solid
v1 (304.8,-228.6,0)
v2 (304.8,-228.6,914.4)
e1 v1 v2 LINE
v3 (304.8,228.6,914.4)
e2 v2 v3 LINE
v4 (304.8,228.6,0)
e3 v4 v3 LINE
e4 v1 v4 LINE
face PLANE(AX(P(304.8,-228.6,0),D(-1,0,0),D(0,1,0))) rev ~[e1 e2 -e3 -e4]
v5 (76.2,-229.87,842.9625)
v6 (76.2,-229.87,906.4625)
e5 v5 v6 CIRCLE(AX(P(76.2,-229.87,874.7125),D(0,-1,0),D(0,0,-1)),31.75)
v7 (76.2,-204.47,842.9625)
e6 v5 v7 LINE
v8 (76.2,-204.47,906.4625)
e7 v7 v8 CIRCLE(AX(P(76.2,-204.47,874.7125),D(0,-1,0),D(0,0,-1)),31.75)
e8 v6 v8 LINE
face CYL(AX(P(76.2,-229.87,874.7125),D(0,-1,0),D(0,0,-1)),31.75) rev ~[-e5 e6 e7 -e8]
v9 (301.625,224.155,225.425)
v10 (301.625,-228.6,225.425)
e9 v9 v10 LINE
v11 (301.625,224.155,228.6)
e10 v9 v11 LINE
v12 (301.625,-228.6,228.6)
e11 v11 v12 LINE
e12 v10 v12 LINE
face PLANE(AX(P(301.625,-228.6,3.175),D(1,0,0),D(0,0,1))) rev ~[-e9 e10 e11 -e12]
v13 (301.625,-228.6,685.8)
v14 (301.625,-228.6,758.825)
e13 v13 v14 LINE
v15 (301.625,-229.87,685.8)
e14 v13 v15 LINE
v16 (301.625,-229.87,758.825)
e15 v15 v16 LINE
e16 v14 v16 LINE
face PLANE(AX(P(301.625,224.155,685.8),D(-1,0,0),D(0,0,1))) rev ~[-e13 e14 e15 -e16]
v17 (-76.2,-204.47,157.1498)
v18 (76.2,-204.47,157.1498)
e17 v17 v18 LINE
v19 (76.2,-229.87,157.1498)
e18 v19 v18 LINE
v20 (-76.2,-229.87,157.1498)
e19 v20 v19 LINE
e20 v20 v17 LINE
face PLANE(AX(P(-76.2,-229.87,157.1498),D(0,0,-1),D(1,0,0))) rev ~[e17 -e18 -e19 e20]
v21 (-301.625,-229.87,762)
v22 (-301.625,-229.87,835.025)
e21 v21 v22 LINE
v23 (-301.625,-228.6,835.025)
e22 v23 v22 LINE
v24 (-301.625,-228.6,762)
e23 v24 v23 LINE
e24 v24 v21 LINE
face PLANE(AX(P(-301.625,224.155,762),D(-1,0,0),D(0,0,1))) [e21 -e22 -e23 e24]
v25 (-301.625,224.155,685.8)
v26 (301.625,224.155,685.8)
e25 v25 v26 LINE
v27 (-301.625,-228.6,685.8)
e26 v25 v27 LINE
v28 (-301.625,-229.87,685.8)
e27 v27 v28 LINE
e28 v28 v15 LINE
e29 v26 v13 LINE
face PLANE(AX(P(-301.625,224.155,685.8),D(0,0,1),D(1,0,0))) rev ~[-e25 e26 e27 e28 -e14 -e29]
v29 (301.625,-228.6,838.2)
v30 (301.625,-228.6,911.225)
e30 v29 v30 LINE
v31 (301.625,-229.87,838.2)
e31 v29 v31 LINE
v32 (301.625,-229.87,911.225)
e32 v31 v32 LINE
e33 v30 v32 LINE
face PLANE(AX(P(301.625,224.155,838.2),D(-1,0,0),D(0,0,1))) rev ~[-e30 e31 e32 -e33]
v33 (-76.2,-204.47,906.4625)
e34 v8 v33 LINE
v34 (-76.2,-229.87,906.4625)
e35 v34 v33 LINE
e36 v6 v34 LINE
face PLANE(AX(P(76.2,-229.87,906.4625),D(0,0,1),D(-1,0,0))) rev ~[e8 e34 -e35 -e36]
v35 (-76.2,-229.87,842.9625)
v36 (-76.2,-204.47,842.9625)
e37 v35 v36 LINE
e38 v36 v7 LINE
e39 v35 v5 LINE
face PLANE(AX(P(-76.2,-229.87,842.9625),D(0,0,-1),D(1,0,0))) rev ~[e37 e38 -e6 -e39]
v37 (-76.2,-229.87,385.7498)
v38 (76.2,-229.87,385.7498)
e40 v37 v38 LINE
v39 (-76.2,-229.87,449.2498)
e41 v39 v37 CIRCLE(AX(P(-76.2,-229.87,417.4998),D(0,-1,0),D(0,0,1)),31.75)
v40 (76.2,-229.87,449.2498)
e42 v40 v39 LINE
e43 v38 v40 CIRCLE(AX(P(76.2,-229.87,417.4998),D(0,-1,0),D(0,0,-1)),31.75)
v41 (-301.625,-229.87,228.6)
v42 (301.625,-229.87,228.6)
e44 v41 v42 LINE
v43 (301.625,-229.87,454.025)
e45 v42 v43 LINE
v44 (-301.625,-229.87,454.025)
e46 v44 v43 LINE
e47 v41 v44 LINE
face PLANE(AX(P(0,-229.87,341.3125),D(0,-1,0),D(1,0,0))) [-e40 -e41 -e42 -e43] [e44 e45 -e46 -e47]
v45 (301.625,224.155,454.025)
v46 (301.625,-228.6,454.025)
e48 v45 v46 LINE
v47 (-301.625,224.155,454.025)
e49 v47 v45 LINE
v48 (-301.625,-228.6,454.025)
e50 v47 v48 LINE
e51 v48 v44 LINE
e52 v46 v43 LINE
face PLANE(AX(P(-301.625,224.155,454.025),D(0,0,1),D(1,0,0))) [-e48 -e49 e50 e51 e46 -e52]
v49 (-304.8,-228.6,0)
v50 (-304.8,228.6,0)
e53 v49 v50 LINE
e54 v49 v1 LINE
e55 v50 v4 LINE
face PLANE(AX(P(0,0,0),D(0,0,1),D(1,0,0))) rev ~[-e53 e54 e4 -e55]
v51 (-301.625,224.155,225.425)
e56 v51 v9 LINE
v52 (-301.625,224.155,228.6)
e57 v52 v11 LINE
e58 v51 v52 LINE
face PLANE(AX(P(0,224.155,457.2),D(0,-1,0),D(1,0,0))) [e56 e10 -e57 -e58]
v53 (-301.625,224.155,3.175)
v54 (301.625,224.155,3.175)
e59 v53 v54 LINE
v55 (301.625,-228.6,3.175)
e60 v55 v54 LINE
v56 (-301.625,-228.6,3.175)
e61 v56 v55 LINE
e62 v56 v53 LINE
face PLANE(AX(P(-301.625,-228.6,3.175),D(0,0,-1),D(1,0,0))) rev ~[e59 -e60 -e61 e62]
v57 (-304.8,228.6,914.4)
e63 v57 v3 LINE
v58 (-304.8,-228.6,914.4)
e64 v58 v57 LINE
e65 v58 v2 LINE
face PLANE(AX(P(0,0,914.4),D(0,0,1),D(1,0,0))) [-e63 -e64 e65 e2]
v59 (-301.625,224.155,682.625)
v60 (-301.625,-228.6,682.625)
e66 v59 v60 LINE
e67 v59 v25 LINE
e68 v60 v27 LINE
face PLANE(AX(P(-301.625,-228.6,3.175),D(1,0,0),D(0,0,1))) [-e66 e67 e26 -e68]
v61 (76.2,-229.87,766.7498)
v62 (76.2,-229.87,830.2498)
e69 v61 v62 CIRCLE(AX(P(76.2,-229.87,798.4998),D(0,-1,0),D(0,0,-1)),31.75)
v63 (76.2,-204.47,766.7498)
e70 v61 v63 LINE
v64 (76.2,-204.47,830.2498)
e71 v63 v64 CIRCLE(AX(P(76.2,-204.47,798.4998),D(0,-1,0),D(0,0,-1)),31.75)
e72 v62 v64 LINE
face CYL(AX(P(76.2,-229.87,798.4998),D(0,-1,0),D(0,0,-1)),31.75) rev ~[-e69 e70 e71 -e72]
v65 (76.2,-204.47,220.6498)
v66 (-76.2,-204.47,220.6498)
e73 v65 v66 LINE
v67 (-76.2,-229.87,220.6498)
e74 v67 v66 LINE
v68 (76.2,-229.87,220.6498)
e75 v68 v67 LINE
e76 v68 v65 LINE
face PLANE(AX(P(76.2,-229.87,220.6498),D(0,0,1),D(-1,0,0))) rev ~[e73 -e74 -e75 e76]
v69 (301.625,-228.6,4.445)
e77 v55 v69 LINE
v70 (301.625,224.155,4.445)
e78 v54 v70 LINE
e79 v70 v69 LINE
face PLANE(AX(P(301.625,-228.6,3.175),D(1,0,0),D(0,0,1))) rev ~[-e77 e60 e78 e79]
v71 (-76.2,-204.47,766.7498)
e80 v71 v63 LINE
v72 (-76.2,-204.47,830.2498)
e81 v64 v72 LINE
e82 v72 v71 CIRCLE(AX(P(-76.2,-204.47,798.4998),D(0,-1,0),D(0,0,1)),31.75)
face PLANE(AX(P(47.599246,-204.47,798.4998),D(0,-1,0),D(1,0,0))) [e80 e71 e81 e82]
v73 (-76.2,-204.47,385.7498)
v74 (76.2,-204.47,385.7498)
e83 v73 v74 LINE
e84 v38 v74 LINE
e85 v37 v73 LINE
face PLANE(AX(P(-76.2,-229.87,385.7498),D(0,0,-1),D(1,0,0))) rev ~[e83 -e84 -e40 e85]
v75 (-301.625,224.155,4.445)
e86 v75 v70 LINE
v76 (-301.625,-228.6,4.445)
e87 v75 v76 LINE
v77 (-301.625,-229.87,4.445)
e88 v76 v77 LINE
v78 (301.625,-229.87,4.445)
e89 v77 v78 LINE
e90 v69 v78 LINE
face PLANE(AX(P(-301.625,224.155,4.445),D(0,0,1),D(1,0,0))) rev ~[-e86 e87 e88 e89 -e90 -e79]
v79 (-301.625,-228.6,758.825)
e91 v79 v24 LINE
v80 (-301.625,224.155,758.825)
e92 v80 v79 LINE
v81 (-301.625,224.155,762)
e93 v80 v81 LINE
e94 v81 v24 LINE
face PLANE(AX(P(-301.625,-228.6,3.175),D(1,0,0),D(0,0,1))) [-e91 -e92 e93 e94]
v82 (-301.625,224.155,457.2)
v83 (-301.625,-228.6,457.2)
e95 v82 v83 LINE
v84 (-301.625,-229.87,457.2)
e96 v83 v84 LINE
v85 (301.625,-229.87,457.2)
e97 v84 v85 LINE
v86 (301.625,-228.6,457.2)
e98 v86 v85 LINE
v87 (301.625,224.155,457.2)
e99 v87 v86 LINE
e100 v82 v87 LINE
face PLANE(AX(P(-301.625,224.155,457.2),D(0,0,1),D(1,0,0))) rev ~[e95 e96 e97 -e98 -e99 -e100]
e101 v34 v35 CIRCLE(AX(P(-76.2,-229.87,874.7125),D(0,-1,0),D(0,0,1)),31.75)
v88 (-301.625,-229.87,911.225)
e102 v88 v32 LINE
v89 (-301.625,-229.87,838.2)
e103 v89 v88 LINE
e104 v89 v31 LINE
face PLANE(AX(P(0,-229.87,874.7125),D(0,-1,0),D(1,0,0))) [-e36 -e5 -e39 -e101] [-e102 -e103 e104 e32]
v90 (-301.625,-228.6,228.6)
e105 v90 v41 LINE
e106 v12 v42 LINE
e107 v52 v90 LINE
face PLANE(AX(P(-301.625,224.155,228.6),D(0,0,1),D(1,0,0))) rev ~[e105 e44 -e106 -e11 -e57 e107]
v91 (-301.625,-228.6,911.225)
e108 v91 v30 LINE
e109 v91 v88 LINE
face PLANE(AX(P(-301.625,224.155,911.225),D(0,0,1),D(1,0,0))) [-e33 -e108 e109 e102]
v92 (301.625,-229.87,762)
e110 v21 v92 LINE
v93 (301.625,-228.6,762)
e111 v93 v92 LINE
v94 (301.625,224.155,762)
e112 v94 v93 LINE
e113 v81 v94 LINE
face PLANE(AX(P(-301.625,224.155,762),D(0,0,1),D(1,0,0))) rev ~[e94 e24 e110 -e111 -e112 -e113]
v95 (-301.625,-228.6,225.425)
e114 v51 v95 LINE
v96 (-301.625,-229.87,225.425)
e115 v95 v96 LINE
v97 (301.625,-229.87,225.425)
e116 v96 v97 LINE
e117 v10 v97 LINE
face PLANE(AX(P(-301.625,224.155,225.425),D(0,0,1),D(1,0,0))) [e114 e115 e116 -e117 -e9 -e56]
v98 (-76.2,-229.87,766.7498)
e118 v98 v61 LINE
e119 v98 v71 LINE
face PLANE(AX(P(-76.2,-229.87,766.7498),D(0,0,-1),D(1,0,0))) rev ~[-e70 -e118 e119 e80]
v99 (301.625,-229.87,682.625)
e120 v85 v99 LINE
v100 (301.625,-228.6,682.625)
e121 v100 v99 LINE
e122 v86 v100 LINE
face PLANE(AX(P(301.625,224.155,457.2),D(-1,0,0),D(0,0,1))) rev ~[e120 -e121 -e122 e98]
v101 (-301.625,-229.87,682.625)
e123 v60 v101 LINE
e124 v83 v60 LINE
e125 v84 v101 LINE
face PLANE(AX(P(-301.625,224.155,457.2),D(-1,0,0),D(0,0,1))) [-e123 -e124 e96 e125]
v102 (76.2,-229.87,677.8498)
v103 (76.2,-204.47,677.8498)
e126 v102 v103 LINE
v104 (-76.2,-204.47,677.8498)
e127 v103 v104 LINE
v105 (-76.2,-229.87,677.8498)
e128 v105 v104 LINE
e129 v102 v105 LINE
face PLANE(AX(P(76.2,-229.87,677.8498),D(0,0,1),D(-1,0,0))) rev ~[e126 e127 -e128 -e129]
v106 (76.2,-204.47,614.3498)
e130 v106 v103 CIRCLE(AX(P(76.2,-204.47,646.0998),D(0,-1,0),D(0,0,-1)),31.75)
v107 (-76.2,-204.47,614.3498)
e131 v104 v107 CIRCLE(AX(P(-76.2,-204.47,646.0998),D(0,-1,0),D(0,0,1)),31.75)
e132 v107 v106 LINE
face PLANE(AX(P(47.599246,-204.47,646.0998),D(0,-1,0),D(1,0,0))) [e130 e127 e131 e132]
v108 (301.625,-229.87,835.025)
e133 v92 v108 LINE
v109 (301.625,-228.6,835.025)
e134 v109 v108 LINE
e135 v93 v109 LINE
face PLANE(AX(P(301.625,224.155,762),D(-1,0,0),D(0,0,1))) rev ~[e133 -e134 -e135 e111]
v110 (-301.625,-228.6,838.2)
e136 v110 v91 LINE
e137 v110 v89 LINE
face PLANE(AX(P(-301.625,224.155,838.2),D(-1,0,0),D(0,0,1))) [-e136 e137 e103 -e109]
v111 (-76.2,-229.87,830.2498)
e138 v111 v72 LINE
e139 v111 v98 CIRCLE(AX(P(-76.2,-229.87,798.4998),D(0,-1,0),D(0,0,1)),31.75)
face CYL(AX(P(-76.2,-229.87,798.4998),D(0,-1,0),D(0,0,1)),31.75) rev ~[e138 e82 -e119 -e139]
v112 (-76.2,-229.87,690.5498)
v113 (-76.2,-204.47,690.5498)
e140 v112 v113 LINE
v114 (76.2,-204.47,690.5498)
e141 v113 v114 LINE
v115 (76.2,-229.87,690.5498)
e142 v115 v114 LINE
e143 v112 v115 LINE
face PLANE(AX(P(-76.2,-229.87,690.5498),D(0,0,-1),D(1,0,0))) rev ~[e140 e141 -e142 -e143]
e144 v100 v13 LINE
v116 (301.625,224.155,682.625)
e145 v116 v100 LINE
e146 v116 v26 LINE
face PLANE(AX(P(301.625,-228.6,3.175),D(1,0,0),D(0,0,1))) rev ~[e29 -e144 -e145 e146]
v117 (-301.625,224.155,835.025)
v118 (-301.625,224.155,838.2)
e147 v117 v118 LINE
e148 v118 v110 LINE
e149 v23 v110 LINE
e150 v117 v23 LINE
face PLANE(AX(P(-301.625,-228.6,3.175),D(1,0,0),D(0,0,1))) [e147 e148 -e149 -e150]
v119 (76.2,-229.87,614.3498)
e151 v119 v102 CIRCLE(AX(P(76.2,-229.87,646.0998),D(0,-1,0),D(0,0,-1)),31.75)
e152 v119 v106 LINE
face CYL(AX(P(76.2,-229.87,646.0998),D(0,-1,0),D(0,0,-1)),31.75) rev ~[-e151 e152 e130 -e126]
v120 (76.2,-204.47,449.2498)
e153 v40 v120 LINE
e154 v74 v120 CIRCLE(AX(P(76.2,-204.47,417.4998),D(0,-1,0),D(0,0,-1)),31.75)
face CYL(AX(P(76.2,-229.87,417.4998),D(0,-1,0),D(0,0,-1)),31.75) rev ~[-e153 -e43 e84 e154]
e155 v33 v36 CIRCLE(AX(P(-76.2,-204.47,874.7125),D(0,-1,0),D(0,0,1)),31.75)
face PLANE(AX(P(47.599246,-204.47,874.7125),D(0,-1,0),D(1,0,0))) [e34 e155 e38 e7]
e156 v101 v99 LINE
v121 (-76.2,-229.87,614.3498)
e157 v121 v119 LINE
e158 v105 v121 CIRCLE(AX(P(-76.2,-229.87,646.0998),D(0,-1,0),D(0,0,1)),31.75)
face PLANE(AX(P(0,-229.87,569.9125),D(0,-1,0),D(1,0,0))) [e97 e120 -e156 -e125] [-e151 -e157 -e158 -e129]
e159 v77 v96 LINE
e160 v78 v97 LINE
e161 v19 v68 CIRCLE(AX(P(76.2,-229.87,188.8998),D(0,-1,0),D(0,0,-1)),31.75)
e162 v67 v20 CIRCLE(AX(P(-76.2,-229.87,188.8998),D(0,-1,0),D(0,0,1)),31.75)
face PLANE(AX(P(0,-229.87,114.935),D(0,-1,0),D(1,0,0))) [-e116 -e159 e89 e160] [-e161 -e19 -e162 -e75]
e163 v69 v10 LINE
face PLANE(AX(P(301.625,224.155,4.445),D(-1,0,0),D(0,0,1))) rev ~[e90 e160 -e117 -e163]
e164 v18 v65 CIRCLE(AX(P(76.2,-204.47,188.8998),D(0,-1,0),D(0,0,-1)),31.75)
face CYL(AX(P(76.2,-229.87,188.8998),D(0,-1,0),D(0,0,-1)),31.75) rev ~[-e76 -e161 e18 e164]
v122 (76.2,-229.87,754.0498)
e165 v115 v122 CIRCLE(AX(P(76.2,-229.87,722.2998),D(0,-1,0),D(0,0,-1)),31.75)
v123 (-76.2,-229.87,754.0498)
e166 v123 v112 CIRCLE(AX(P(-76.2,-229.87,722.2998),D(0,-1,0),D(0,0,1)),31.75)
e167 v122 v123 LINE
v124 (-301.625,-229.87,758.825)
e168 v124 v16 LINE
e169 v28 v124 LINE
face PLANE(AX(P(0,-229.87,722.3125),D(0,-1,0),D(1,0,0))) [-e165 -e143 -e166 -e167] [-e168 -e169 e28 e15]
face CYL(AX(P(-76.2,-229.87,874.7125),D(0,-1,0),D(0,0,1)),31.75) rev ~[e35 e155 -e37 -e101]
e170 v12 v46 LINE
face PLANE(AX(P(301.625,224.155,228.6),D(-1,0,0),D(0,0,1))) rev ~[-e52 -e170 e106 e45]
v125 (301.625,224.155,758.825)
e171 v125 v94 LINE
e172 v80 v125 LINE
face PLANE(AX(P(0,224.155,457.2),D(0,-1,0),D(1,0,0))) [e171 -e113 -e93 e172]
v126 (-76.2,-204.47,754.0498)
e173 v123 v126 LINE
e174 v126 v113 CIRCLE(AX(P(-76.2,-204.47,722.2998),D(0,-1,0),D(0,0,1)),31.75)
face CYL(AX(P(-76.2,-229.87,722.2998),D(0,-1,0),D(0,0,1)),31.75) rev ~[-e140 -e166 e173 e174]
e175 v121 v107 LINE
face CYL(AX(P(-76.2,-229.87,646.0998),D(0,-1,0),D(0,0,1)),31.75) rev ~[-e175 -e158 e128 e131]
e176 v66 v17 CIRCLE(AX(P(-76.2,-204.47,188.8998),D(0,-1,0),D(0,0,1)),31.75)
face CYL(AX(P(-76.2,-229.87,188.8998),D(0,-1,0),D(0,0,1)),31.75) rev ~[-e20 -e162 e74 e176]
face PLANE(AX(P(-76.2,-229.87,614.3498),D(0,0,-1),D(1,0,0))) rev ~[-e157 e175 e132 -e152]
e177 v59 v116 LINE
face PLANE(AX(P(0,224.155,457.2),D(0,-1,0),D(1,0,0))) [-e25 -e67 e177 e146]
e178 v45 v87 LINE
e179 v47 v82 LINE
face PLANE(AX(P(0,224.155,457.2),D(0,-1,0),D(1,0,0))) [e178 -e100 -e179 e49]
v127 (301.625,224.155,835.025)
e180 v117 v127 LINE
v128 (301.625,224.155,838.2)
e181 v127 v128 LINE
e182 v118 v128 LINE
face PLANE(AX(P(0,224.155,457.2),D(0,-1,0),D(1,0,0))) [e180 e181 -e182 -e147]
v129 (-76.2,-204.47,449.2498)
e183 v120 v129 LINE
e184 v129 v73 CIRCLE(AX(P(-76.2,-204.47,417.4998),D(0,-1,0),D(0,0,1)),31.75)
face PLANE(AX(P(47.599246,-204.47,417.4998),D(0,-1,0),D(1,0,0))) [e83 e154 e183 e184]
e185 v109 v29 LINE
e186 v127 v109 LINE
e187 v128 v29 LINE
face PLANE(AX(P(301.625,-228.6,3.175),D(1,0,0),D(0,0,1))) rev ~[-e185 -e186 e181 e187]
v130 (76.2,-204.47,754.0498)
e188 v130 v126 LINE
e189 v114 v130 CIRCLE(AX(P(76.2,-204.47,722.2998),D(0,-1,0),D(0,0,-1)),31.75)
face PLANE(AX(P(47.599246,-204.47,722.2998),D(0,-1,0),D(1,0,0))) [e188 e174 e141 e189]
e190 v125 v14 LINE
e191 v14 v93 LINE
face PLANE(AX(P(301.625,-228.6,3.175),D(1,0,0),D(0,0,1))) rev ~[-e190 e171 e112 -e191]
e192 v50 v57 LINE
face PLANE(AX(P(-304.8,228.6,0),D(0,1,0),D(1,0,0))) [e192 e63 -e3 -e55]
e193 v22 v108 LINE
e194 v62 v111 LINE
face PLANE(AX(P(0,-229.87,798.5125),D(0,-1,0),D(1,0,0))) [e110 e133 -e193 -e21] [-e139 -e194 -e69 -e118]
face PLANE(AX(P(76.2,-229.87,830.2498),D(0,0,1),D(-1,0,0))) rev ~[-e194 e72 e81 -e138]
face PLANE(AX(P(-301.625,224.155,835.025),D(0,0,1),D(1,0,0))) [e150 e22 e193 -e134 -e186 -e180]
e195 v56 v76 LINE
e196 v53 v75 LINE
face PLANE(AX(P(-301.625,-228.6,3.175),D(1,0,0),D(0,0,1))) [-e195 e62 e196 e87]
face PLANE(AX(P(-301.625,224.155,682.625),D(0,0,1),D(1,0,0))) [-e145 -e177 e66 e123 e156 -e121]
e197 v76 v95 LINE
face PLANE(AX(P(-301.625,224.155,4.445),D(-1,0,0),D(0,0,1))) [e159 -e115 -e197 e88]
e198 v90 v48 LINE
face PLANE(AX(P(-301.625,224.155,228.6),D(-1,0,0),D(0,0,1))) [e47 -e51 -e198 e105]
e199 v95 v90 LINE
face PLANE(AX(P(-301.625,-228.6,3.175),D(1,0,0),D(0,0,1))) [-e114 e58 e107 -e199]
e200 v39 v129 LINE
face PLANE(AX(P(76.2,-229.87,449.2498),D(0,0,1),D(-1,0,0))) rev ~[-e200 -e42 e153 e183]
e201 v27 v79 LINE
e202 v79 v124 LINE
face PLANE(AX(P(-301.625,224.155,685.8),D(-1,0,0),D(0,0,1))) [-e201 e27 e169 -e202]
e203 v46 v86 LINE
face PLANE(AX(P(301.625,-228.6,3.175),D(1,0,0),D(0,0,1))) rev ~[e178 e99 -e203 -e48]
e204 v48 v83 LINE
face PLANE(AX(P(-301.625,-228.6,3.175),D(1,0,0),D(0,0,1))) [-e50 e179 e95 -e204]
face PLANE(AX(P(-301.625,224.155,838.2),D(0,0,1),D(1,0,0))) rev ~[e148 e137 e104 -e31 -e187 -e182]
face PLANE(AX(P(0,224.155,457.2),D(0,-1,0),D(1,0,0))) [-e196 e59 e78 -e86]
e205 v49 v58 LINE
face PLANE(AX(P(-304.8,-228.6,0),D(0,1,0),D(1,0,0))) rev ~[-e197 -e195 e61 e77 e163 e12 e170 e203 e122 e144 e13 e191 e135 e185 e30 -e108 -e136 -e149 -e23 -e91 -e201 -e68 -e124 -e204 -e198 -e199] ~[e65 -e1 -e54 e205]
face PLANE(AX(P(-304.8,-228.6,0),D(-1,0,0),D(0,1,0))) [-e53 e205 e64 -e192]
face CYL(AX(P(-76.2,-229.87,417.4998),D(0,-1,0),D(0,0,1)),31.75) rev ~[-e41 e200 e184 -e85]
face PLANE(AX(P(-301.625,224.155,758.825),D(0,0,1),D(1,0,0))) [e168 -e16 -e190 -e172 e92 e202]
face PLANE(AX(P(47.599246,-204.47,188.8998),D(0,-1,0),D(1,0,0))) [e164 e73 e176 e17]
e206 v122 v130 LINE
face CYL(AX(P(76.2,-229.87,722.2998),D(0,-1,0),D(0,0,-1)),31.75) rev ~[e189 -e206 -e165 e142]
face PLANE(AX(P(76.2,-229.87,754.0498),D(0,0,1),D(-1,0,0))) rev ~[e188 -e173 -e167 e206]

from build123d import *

# Parameters (mm, degrees)
F0_W     = 609.6
F0_H     = 457.2
F1_DEPTH = 914.4
F2_W     = 603.25
F2_H     = 908.05
F3_DEPTH = 452.755
F4_W     = 603.25
F4_H     = 73.025
F4_H_2   = 225.425
F4_H_3   = 220.98
F5_DEPTH = 454.025
F7_DEPTH = 25.4


with BuildPart() as f1:
    # F0 (on Top) → F1 (new body)
    with BuildSketch(Plane.XY):
        Rectangle(F0_W, F0_H)
    extrude(amount=F1_DEPTH)

    # F2 (on face) → F3 (cut)
    with BuildSketch(Plane.XZ.offset(228.6)):
        with Locations((0, 457.2)):
            Rectangle(F2_W, F2_H)
    extrude(amount=-F3_DEPTH, mode=Mode.SUBTRACT)

    # F4 (on face) → F5 (join)
    with BuildSketch(Plane.XZ.offset(-224.155)):
        with Locations((0, 874.7125)):
            Rectangle(F4_W, F4_H)
        with Locations((0, 798.5125)):
            Rectangle(F4_W, F4_H)
        with Locations((0, 722.3125)):
            Rectangle(F4_W, F4_H)
        with Locations((0, 569.9125)):
            Rectangle(F4_W, F4_H_2)
        with Locations((0, 341.3125)):
            Rectangle(F4_W, F4_H_2)
        with Locations((0, 114.935)):
            Rectangle(F4_W, F4_H_3)
    extrude(amount=F5_DEPTH)

    # F6 (on face) → F7 (cut)
    with BuildSketch(Plane.XZ.offset(229.87)):
        with BuildLine():
            Line((76.2, 906.4625), (0, 906.4625))
            Line((0, 906.4625), (0, 842.9625))
            Line((0, 842.9625), (76.2, 842.9625))
            ThreePointArc((76.2, 842.9625), (107.95, 874.7125), (76.2, 906.4625))
        make_face()
        with BuildLine():
            Line((0, 842.9625), (0, 906.4625))
            Line((0, 906.4625), (-76.2, 906.4625))
            ThreePointArc((-76.2, 906.4625), (-107.95, 874.7125), (-76.2, 842.9625))
            Line((-76.2, 842.9625), (0, 842.9625))
        make_face()
        with BuildLine():
            Line((76.2, 220.6498), (0, 220.6498))
            Line((0, 220.6498), (0, 157.1498))
            Line((0, 157.1498), (76.2, 157.1498))
            ThreePointArc((76.2, 157.1498), (107.95, 188.8998), (76.2, 220.6498))
        make_face()
        with BuildLine():
            Line((0, 157.1498), (0, 220.6498))
            Line((0, 220.6498), (-76.2, 220.6498))
            ThreePointArc((-76.2, 220.6498), (-107.95, 188.8998), (-76.2, 157.1498))
            Line((-76.2, 157.1498), (0, 157.1498))
        make_face()
        with BuildLine():
            Line((76.2, 449.2498), (0, 449.2498))
            Line((0, 449.2498), (0, 385.7498))
            Line((0, 385.7498), (76.2, 385.7498))
            ThreePointArc((76.2, 385.7498), (107.95, 417.4998), (76.2, 449.2498))
        make_face()
        with BuildLine():
            Line((0, 385.7498), (0, 449.2498))
            Line((0, 449.2498), (-76.2, 449.2498))
            ThreePointArc((-76.2, 449.2498), (-107.95, 417.4998), (-76.2, 385.7498))
            Line((-76.2, 385.7498), (0, 385.7498))
        make_face()
        with BuildLine():
            Line((76.2, 677.8498), (0, 677.8498))
            Line((0, 677.8498), (0, 614.3498))
            Line((0, 614.3498), (76.2, 614.3498))
            ThreePointArc((76.2, 614.3498), (107.95, 646.0998), (76.2, 677.8498))
        make_face()
        with BuildLine():
            Line((0, 614.3498), (0, 677.8498))
            Line((0, 677.8498), (-76.2, 677.8498))
            ThreePointArc((-76.2, 677.8498), (-107.95, 646.0998), (-76.2, 614.3498))
            Line((-76.2, 614.3498), (0, 614.3498))
        make_face()
        with BuildLine():
            Line((76.2, 754.0498), (0, 754.0498))
            Line((0, 754.0498), (0, 690.5498))
            Line((0, 690.5498), (76.2, 690.5498))
            ThreePointArc((76.2, 690.5498), (107.95, 722.2998), (76.2, 754.0498))
        make_face()
        with BuildLine():
            Line((0, 690.5498), (0, 754.0498))
            Line((0, 754.0498), (-76.2, 754.0498))
            ThreePointArc((-76.2, 754.0498), (-107.95, 722.2998), (-76.2, 690.5498))
            Line((-76.2, 690.5498), (0, 690.5498))
        make_face()
        with BuildLine():
            Line((76.2, 830.2498), (0, 830.2498))
            Line((0, 830.2498), (0, 766.7498))
            Line((0, 766.7498), (76.2, 766.7498))
            ThreePointArc((76.2, 766.7498), (107.95, 798.4998), (76.2, 830.2498))
        make_face()
        with BuildLine():
            Line((0, 766.7498), (0, 830.2498))
            Line((0, 830.2498), (-76.2, 830.2498))
            ThreePointArc((-76.2, 830.2498), (-107.95, 798.4998), (-76.2, 766.7498))
            Line((-76.2, 766.7498), (0, 766.7498))
        make_face()
    extrude(amount=-F7_DEPTH, mode=Mode.SUBTRACT)


solid = f1.part
